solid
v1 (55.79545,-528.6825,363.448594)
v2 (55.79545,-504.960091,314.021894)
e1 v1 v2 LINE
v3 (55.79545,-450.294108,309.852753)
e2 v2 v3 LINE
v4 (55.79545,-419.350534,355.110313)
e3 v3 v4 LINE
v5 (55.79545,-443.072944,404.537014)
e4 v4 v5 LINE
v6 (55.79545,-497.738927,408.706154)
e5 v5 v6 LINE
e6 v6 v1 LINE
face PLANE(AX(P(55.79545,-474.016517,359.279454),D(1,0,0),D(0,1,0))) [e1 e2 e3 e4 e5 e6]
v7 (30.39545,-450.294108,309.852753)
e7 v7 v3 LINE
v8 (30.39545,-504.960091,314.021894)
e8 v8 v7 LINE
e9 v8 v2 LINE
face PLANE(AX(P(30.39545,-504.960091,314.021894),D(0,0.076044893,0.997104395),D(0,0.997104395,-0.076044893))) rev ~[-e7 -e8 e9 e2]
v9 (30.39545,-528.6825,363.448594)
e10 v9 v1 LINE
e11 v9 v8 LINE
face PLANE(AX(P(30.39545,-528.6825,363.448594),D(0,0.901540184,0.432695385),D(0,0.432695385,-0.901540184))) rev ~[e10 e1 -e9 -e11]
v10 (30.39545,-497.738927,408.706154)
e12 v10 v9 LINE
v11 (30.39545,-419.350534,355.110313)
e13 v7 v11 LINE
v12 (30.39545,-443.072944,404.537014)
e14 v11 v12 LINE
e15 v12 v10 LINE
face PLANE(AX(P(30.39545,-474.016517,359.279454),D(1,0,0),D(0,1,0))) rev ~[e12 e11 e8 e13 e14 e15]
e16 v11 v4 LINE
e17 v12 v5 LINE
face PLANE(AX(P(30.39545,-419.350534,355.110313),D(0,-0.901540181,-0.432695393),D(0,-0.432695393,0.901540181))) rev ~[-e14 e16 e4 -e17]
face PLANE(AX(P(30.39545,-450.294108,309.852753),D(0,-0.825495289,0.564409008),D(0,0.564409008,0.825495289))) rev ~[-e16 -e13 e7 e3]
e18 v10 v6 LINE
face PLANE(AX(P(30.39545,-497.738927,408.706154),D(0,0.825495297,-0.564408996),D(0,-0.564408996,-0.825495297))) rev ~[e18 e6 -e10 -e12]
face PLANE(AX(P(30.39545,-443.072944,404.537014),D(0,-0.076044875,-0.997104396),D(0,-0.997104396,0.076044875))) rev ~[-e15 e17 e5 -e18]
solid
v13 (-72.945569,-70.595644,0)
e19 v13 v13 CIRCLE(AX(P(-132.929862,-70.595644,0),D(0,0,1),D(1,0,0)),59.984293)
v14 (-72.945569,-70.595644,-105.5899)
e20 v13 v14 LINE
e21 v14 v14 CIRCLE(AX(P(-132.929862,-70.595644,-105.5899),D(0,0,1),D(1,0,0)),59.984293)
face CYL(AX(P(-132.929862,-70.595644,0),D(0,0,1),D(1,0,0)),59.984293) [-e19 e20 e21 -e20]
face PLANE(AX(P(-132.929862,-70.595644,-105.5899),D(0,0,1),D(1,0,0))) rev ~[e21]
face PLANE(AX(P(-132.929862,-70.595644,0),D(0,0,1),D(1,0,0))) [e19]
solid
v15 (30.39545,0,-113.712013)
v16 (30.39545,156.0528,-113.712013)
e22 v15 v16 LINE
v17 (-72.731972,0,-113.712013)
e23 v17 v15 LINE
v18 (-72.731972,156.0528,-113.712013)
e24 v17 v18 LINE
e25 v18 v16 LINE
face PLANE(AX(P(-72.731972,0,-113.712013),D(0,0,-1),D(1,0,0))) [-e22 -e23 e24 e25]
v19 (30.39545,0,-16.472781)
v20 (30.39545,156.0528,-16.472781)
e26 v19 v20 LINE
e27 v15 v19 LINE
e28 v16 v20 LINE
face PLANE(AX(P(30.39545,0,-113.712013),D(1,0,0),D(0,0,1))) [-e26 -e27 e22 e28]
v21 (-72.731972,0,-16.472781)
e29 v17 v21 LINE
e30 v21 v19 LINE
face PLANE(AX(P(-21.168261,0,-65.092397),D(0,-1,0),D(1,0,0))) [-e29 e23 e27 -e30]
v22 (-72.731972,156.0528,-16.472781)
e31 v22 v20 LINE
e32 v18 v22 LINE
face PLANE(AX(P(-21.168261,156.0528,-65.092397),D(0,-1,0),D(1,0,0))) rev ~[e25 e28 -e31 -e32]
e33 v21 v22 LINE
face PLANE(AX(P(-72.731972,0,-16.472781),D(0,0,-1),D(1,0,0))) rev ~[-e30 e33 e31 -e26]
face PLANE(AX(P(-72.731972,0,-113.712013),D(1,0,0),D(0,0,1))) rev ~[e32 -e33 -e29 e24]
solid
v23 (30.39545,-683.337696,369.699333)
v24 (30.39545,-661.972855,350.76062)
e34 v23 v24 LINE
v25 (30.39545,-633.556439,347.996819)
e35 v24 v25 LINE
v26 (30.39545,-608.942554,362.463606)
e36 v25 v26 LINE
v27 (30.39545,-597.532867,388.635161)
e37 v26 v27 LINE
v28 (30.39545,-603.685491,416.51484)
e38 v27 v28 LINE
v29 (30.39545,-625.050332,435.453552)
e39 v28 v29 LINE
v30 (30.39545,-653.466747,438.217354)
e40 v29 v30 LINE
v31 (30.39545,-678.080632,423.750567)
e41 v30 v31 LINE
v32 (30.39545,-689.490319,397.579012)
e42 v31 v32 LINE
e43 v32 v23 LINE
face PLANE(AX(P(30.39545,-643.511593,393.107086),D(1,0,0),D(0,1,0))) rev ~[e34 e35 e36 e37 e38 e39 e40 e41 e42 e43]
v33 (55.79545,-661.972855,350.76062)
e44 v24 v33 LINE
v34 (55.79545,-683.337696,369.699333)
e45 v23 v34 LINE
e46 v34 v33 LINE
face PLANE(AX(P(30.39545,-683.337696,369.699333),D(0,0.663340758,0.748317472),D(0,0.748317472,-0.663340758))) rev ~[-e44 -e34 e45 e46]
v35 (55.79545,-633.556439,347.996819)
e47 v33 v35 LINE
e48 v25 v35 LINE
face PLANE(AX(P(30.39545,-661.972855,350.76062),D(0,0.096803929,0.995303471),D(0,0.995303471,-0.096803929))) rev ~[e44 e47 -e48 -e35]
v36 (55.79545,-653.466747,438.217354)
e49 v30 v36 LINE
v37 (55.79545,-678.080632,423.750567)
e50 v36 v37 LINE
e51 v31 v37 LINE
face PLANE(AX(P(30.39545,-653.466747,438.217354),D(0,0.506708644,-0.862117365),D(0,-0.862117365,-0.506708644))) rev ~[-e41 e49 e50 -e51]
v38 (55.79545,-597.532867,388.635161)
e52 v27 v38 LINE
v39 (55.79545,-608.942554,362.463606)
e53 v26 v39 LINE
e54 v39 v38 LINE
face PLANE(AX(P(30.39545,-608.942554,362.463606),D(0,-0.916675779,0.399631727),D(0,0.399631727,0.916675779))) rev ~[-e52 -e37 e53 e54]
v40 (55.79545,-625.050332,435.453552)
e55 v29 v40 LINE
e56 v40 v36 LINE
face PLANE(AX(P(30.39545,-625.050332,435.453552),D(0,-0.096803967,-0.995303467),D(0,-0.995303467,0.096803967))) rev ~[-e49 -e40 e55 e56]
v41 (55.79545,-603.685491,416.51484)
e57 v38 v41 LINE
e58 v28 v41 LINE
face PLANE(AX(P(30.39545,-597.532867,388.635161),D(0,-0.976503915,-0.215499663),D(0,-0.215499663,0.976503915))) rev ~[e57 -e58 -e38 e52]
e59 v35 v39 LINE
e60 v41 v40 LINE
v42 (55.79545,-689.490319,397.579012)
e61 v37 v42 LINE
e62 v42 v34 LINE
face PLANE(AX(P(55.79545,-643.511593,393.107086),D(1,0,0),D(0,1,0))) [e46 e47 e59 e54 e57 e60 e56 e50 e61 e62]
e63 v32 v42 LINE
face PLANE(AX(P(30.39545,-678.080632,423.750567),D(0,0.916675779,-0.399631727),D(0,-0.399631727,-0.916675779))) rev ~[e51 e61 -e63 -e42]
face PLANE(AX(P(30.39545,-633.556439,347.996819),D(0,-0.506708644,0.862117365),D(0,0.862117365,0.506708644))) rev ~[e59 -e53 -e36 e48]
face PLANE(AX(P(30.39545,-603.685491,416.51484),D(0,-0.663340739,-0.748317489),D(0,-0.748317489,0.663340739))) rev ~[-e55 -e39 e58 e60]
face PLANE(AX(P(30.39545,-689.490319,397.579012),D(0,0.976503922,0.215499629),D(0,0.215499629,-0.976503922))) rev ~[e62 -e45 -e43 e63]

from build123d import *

# Parameters (mm, degrees)
F0_W     = 103.127422
F0_H     = 97.239232
F1_DEPTH = 156.0528
F2_R     = 59.984293
F3_DEPTH = 105.5899
F5_DEPTH = 25.4


with BuildPart() as f1:
    # F0 (on Front) → F1 (new body)
    with BuildSketch(Plane.XZ):
        with Locations((-21.168261, -65.092397)):
            Rectangle(F0_W, F0_H)
    extrude(amount=-F1_DEPTH)


with BuildPart() as f3:
    # F2 (on Top) → F3 (new body)
    with BuildSketch(Plane.XY):
        with Locations((-132.929862, -70.595644)):
            Circle(F2_R)
    extrude(amount=-F3_DEPTH)


with BuildPart() as f5:
    # F4 (on face) → F5 (new body)
    with BuildSketch(Plane.YZ.offset(30.39545)):
        Polygon((-497.738927, 408.706154), (-528.6825, 363.448594), (-504.960091, 314.021894), (-450.294108, 309.852753), (-419.350534, 355.110313), (-443.072944, 404.537014), align=None)
        Polygon((-633.556439, 347.996819), (-608.942554, 362.463606), (-597.532867, 388.635161), (-603.685491, 416.51484), (-625.050332, 435.453552), (-653.466747, 438.217354), (-678.080632, 423.750567), (-689.490319, 397.579012), (-683.337696, 369.699333), (-661.972855, 350.76062), align=None)
    extrude(amount=F5_DEPTH)


solid = Compound([f1.part, f3.part, f5.part])
